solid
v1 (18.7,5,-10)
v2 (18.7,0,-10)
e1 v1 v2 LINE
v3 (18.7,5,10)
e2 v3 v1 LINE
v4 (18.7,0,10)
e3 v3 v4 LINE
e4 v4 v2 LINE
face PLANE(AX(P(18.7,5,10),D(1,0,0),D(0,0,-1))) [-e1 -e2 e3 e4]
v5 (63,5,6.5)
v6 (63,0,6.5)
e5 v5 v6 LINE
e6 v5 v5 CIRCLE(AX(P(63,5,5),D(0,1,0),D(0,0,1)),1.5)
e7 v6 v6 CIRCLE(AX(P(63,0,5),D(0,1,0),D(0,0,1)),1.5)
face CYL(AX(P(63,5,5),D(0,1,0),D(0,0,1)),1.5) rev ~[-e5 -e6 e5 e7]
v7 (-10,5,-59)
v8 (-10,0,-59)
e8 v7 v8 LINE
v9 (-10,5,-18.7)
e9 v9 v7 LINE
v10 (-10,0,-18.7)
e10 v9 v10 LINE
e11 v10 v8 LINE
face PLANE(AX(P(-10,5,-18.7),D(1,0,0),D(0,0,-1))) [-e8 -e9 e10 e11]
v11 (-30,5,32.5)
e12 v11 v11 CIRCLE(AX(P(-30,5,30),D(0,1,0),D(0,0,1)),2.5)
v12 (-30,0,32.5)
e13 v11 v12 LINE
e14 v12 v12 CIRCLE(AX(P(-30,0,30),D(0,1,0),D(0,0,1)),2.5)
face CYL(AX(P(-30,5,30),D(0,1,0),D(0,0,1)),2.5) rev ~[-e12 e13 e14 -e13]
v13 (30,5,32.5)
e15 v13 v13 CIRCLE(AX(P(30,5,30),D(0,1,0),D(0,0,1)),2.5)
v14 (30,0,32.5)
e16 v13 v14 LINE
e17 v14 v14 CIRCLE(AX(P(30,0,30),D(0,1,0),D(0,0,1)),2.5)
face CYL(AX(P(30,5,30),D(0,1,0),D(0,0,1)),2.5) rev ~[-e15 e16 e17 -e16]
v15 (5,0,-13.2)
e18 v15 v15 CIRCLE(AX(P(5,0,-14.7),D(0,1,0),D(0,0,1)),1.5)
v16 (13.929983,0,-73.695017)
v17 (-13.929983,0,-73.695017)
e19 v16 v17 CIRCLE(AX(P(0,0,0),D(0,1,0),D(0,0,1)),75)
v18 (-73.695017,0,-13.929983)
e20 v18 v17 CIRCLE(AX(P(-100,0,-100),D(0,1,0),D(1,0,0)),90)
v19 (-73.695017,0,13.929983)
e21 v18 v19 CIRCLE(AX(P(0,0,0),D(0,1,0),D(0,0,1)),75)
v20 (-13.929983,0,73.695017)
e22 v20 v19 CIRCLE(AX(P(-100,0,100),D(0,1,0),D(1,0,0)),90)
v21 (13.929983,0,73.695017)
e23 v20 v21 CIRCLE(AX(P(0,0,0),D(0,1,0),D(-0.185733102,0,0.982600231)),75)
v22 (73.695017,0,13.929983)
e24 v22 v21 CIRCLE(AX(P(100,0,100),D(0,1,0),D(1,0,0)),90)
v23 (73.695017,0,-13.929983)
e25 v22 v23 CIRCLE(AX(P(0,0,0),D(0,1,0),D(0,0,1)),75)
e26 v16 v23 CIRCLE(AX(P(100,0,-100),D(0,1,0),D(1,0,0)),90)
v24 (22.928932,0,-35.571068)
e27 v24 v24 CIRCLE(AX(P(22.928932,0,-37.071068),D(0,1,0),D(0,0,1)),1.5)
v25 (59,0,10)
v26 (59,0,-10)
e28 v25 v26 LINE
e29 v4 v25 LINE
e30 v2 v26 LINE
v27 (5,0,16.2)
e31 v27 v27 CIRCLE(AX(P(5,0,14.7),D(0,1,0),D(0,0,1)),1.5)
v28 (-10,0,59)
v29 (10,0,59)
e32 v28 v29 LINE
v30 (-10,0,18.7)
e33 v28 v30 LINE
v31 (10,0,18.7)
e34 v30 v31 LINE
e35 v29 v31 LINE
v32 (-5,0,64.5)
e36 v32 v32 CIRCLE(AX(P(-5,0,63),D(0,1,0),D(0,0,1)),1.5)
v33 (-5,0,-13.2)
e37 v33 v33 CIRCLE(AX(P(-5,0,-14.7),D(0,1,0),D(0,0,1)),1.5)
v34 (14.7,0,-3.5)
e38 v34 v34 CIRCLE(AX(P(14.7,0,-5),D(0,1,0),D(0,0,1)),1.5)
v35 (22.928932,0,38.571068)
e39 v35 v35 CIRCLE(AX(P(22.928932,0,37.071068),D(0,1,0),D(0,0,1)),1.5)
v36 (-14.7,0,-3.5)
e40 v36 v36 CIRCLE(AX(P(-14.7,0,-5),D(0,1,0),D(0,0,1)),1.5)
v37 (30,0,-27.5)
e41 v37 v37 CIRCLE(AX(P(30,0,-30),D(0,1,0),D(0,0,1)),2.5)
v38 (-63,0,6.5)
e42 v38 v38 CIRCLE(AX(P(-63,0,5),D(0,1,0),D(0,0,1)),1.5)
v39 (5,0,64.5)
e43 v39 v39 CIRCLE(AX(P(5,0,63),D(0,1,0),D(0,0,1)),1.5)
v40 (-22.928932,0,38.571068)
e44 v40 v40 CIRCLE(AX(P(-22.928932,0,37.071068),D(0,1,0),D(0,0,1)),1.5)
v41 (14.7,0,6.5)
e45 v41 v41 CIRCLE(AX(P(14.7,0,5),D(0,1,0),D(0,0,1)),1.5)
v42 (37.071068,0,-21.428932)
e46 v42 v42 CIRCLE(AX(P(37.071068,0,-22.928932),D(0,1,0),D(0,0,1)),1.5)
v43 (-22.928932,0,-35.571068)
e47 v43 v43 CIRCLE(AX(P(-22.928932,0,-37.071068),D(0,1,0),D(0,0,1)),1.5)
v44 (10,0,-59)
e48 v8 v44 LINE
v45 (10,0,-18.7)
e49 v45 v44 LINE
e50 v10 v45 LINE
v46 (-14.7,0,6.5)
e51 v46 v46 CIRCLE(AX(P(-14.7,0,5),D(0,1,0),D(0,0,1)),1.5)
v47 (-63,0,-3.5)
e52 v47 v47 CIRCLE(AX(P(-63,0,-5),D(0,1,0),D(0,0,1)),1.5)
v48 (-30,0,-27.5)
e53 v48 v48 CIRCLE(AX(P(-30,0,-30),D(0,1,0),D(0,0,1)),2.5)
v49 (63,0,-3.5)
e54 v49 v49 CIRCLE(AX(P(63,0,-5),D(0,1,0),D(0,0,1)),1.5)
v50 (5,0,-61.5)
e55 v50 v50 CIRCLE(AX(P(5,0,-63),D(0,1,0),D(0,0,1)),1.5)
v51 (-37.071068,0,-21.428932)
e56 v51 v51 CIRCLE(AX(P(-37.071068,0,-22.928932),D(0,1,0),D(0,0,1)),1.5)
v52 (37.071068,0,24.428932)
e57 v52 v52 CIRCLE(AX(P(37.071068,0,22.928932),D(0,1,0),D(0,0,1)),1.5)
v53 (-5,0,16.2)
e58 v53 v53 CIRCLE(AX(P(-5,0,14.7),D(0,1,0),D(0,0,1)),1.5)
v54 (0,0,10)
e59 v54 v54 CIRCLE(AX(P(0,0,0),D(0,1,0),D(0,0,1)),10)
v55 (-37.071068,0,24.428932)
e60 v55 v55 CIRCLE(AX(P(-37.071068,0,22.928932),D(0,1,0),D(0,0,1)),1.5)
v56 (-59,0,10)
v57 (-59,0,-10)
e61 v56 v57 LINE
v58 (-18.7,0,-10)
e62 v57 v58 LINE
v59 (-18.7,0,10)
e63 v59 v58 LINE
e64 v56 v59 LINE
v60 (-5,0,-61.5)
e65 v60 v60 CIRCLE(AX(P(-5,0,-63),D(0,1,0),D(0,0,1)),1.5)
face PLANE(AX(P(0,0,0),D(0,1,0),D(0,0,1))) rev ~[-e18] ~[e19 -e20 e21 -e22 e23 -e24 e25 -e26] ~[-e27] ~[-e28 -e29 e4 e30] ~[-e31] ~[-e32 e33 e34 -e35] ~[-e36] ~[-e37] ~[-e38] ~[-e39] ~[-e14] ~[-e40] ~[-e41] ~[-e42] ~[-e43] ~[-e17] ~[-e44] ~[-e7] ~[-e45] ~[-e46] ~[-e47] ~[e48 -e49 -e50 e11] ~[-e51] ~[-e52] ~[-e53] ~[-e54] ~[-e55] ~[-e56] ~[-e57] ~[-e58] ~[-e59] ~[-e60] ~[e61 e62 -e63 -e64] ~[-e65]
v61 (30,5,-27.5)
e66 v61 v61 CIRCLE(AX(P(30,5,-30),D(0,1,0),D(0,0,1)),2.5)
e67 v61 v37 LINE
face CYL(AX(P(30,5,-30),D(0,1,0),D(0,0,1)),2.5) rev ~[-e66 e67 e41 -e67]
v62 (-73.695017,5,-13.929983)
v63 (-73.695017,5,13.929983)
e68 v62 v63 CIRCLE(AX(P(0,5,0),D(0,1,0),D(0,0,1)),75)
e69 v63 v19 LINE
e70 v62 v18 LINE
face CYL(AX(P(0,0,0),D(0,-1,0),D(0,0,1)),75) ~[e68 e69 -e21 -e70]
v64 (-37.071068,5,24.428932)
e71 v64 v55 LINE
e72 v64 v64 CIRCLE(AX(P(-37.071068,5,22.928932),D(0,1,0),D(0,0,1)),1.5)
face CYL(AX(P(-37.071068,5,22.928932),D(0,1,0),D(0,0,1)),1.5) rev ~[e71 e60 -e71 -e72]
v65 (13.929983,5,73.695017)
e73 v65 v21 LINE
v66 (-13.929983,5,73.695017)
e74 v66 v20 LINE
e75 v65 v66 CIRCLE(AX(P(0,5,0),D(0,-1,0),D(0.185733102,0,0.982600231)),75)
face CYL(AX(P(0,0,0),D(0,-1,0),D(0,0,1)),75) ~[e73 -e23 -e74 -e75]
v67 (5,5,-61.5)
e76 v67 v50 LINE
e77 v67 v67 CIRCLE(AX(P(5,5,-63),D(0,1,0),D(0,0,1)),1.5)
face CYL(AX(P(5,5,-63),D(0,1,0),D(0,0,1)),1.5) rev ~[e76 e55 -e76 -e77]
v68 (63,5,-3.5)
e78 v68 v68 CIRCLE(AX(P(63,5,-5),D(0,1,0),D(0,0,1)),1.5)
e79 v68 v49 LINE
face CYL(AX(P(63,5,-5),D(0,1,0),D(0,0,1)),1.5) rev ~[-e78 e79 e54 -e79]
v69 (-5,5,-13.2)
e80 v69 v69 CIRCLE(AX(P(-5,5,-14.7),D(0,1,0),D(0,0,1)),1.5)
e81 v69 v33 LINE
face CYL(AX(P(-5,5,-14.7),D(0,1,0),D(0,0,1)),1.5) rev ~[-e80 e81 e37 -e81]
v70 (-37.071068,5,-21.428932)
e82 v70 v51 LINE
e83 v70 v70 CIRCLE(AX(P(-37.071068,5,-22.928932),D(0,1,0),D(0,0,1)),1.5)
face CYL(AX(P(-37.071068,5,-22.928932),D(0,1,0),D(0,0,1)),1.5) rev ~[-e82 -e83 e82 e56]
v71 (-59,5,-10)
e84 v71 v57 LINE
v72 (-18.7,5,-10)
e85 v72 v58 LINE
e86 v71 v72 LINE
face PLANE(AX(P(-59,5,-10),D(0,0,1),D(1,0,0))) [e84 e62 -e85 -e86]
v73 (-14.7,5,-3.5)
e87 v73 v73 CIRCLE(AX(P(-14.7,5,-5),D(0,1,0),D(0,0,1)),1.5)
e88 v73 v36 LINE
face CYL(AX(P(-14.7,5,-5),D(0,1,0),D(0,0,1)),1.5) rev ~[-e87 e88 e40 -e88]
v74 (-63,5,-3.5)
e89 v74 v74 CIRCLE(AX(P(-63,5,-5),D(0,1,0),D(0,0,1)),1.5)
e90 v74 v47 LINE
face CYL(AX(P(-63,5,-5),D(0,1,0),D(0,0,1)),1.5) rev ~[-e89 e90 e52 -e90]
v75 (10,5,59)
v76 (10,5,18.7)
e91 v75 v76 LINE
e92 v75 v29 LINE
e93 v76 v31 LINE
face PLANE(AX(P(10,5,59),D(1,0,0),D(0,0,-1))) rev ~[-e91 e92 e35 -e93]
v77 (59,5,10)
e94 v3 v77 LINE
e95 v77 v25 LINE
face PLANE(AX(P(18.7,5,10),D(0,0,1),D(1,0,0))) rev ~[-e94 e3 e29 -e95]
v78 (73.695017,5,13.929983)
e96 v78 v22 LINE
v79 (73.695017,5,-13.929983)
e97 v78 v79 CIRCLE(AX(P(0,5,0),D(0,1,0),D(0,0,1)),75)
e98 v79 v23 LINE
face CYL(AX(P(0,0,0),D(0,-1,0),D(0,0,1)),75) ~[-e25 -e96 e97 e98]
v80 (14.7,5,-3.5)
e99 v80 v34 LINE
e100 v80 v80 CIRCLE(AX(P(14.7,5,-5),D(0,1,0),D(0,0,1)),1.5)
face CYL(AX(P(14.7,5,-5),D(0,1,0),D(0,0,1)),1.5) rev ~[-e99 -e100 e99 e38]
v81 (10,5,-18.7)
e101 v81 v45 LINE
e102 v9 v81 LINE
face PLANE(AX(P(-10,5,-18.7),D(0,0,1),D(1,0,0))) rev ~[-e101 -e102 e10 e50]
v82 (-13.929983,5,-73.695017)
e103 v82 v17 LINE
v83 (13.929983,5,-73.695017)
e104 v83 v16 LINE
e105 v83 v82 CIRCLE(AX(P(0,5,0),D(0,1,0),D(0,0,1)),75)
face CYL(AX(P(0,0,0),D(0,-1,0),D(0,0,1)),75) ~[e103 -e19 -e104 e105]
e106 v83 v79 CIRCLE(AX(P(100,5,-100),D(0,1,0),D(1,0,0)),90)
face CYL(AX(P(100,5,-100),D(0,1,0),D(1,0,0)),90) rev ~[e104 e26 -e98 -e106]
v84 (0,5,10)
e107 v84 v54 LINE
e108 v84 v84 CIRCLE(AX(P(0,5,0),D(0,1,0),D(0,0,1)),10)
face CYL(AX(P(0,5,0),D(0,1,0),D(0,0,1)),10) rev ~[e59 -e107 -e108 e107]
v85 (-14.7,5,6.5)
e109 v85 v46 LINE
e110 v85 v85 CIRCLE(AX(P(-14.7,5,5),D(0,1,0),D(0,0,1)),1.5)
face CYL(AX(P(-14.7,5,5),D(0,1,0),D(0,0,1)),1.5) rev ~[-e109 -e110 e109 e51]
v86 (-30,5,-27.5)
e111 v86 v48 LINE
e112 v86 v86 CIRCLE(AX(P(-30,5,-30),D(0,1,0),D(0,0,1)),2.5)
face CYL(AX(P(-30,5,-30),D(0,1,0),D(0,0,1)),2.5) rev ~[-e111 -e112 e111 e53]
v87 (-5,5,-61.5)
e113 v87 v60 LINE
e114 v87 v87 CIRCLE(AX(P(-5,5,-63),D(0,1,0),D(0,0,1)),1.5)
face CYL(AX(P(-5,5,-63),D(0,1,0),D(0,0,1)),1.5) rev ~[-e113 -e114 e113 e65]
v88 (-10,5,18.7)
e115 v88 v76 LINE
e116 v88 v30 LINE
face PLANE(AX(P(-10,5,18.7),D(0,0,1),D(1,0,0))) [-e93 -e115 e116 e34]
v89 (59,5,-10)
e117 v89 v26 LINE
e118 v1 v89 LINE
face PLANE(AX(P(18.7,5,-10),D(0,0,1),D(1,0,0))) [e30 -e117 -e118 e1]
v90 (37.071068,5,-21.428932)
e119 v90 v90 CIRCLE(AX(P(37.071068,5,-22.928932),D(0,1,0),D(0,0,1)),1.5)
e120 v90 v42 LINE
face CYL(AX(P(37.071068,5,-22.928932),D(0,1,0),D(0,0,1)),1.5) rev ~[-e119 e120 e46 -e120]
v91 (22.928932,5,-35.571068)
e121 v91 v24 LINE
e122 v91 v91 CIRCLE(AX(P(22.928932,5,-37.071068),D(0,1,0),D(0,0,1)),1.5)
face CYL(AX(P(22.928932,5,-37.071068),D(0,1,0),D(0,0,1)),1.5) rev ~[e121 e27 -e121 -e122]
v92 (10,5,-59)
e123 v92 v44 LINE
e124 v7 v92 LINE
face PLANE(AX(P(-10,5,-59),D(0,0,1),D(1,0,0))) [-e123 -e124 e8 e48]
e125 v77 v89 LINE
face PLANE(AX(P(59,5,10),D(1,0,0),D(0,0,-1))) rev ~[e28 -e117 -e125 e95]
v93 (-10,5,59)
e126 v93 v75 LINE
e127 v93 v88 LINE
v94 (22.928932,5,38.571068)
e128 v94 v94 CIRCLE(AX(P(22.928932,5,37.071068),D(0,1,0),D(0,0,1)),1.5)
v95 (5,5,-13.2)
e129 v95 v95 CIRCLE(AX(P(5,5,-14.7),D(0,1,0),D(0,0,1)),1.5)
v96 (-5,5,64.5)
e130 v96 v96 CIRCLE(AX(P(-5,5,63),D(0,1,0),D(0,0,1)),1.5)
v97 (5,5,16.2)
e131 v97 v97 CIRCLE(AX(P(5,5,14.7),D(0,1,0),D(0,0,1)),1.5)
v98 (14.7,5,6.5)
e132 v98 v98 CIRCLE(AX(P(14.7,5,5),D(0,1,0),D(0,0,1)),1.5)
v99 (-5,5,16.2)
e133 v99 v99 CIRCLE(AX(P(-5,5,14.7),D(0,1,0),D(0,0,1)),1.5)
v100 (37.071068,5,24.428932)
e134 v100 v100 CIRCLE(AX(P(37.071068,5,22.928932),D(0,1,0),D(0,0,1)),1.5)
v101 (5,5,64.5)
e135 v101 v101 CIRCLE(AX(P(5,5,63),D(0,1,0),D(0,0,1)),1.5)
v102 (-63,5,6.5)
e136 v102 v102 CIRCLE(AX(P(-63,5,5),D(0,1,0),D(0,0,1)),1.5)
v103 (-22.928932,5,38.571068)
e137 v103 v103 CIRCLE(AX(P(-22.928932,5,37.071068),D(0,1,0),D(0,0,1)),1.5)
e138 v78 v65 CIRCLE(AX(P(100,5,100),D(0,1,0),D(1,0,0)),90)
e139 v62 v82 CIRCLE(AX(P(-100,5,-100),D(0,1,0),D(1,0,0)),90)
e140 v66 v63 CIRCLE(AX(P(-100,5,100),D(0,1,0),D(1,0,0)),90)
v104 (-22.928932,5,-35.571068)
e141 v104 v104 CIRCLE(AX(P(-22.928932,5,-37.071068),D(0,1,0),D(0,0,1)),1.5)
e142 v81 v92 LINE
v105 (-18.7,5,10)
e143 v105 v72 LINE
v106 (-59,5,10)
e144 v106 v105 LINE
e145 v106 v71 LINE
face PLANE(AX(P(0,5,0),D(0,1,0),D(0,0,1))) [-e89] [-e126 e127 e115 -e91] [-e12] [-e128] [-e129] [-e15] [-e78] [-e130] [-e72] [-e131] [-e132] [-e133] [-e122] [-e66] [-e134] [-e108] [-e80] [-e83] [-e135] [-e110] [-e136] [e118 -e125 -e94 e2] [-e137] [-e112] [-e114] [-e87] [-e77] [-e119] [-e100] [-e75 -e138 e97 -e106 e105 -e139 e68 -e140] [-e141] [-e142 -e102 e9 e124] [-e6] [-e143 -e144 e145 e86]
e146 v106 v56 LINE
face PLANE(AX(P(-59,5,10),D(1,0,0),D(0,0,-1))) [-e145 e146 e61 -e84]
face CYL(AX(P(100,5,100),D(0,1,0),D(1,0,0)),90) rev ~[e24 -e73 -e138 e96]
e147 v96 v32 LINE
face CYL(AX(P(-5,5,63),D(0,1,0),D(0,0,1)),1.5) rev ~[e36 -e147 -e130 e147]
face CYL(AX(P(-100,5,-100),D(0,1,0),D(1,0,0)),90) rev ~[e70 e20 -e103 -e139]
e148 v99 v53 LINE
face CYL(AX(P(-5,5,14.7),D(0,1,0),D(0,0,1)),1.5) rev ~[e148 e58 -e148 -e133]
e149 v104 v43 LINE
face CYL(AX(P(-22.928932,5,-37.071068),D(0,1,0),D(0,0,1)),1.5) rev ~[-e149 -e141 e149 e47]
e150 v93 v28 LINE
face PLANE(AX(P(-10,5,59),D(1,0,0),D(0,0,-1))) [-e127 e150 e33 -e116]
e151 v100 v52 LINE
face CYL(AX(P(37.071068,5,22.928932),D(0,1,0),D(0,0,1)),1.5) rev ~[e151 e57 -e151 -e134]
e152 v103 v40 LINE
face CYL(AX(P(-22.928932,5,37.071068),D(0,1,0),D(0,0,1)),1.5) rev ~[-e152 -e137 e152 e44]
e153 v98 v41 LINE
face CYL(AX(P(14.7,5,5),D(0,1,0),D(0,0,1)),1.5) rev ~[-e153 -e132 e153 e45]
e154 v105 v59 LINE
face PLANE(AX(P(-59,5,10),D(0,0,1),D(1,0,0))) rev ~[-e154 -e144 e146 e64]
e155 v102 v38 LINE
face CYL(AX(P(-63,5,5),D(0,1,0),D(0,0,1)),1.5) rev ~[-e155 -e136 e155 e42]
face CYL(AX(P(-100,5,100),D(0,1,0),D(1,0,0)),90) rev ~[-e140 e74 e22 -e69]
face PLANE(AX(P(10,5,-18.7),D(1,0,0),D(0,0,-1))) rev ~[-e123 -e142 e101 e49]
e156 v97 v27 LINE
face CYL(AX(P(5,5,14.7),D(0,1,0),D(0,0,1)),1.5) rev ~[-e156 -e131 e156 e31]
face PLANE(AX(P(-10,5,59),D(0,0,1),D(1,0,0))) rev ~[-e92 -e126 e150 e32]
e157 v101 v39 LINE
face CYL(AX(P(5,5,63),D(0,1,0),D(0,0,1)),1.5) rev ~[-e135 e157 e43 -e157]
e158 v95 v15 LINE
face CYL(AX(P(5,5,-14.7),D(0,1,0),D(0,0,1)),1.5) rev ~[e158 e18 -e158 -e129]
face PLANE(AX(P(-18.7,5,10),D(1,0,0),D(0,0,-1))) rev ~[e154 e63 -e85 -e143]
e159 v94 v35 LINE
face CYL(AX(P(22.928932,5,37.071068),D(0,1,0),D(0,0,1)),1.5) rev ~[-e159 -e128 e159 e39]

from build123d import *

# Parameters (mm, degrees)
SKETCH1_R           = 75
BOSS_EXTRUDE1_DEPTH = 5
SKETCH3_R           = 1.5
SKETCH3_W           = 40.3
SKETCH3_H           = 20
SKETCH3_W_2         = 20
SKETCH3_H_2         = 40.3
CUT_EXTRUDE1_DEPTH  = 5
SKETCH4_R           = 90
CUT_EXTRUDE2_DEPTH  = 5
SKETCH5_R           = 2.5
SKETCH5_R_2         = 10
SKETCH5_R_3         = 1.5
CUT_EXTRUDE3_DEPTH  = 5


with BuildPart() as part:
    # Sketch1 → Boss-Extrude1 (new body)
    with BuildSketch(Plane(origin=(0, 0, 0), x_dir=(1, 0, 0), z_dir=(0, 1, 0))):
        Circle(SKETCH1_R)
    extrude(amount=BOSS_EXTRUDE1_DEPTH)

    # Sketch3 → Cut-Extrude1 (cut)
    with BuildSketch(Plane(origin=(0, 5, 0), x_dir=(1, 0, 0), z_dir=(0, 1, 0))):
        with Locations((-14.7, 5)):
            Circle(SKETCH3_R)
        with Locations((-14.7, -5)):
            Circle(SKETCH3_R)
        with Locations((-63, 5)):
            Circle(SKETCH3_R)
        with Locations((-63, -5)):
            Circle(SKETCH3_R)
        with Locations((-5, -14.7)):
            Circle(SKETCH3_R)
        with Locations((5, -14.7)):
            Circle(SKETCH3_R)
        with Locations((14.7, 5)):
            Circle(SKETCH3_R)
        with Locations((14.7, -5)):
            Circle(SKETCH3_R)
        with Locations((-5, 14.7)):
            Circle(SKETCH3_R)
        with Locations((5, 14.7)):
            Circle(SKETCH3_R)
        with Locations((-5, -63)):
            Circle(SKETCH3_R)
        with Locations((5, -63)):
            Circle(SKETCH3_R)
        with Locations((63, 5)):
            Circle(SKETCH3_R)
        with Locations((63, -5)):
            Circle(SKETCH3_R)
        with Locations((-5, 63)):
            Circle(SKETCH3_R)
        with Locations((5, 63)):
            Circle(SKETCH3_R)
        with Locations((-38.85, 0)):
            Rectangle(SKETCH3_W, SKETCH3_H)
        with Locations((38.85, 0)):
            Rectangle(SKETCH3_W, SKETCH3_H)
        with Locations((0, 38.85)):
            Rectangle(SKETCH3_W_2, SKETCH3_H_2)
        with Locations((0, -38.85)):
            Rectangle(SKETCH3_W_2, SKETCH3_H_2)
    extrude(amount=-CUT_EXTRUDE1_DEPTH, mode=Mode.SUBTRACT)

    # Sketch4 → Cut-Extrude2 (cut)
    with BuildSketch(Plane(origin=(0, 5, 0), x_dir=(1, 0, 0), z_dir=(0, 1, 0))):
        with Locations((-100, 100)):
            Circle(SKETCH4_R)
        with Locations((100, 100)):
            Circle(SKETCH4_R)
        with Locations((100, -100)):
            Circle(SKETCH4_R)
        with Locations((-100, -100)):
            Circle(SKETCH4_R)
    extrude(amount=-CUT_EXTRUDE2_DEPTH, mode=Mode.SUBTRACT)

    # Sketch5 → Cut-Extrude3 (cut)
    with BuildSketch(Plane(origin=(0, 5, 0), x_dir=(1, 0, 0), z_dir=(0, 1, 0))):
        with Locations((-30, 30)):
            Circle(SKETCH5_R)
        with Locations((30, 30)):
            Circle(SKETCH5_R)
        with Locations((30, -30)):
            Circle(SKETCH5_R)
        with Locations((-30, -30)):
            Circle(SKETCH5_R)
        Circle(SKETCH5_R_2)
        with Locations((-37.071067812, -22.928932188)):
            Circle(SKETCH5_R_3)
        with Locations((-22.928932188, -37.071067812)):
            Circle(SKETCH5_R_3)
        with Locations((22.928932188, -37.071067812)):
            Circle(SKETCH5_R_3)
        with Locations((37.071067812, -22.928932188)):
            Circle(SKETCH5_R_3)
        with Locations((37.071067812, 22.928932188)):
            Circle(SKETCH5_R_3)
        with Locations((22.928932188, 37.071067812)):
            Circle(SKETCH5_R_3)
        with Locations((-22.928932188, 37.071067812)):
            Circle(SKETCH5_R_3)
        with Locations((-37.071067812, 22.928932188)):
            Circle(SKETCH5_R_3)
    extrude(amount=-CUT_EXTRUDE3_DEPTH, mode=Mode.SUBTRACT)


solid = part.part
